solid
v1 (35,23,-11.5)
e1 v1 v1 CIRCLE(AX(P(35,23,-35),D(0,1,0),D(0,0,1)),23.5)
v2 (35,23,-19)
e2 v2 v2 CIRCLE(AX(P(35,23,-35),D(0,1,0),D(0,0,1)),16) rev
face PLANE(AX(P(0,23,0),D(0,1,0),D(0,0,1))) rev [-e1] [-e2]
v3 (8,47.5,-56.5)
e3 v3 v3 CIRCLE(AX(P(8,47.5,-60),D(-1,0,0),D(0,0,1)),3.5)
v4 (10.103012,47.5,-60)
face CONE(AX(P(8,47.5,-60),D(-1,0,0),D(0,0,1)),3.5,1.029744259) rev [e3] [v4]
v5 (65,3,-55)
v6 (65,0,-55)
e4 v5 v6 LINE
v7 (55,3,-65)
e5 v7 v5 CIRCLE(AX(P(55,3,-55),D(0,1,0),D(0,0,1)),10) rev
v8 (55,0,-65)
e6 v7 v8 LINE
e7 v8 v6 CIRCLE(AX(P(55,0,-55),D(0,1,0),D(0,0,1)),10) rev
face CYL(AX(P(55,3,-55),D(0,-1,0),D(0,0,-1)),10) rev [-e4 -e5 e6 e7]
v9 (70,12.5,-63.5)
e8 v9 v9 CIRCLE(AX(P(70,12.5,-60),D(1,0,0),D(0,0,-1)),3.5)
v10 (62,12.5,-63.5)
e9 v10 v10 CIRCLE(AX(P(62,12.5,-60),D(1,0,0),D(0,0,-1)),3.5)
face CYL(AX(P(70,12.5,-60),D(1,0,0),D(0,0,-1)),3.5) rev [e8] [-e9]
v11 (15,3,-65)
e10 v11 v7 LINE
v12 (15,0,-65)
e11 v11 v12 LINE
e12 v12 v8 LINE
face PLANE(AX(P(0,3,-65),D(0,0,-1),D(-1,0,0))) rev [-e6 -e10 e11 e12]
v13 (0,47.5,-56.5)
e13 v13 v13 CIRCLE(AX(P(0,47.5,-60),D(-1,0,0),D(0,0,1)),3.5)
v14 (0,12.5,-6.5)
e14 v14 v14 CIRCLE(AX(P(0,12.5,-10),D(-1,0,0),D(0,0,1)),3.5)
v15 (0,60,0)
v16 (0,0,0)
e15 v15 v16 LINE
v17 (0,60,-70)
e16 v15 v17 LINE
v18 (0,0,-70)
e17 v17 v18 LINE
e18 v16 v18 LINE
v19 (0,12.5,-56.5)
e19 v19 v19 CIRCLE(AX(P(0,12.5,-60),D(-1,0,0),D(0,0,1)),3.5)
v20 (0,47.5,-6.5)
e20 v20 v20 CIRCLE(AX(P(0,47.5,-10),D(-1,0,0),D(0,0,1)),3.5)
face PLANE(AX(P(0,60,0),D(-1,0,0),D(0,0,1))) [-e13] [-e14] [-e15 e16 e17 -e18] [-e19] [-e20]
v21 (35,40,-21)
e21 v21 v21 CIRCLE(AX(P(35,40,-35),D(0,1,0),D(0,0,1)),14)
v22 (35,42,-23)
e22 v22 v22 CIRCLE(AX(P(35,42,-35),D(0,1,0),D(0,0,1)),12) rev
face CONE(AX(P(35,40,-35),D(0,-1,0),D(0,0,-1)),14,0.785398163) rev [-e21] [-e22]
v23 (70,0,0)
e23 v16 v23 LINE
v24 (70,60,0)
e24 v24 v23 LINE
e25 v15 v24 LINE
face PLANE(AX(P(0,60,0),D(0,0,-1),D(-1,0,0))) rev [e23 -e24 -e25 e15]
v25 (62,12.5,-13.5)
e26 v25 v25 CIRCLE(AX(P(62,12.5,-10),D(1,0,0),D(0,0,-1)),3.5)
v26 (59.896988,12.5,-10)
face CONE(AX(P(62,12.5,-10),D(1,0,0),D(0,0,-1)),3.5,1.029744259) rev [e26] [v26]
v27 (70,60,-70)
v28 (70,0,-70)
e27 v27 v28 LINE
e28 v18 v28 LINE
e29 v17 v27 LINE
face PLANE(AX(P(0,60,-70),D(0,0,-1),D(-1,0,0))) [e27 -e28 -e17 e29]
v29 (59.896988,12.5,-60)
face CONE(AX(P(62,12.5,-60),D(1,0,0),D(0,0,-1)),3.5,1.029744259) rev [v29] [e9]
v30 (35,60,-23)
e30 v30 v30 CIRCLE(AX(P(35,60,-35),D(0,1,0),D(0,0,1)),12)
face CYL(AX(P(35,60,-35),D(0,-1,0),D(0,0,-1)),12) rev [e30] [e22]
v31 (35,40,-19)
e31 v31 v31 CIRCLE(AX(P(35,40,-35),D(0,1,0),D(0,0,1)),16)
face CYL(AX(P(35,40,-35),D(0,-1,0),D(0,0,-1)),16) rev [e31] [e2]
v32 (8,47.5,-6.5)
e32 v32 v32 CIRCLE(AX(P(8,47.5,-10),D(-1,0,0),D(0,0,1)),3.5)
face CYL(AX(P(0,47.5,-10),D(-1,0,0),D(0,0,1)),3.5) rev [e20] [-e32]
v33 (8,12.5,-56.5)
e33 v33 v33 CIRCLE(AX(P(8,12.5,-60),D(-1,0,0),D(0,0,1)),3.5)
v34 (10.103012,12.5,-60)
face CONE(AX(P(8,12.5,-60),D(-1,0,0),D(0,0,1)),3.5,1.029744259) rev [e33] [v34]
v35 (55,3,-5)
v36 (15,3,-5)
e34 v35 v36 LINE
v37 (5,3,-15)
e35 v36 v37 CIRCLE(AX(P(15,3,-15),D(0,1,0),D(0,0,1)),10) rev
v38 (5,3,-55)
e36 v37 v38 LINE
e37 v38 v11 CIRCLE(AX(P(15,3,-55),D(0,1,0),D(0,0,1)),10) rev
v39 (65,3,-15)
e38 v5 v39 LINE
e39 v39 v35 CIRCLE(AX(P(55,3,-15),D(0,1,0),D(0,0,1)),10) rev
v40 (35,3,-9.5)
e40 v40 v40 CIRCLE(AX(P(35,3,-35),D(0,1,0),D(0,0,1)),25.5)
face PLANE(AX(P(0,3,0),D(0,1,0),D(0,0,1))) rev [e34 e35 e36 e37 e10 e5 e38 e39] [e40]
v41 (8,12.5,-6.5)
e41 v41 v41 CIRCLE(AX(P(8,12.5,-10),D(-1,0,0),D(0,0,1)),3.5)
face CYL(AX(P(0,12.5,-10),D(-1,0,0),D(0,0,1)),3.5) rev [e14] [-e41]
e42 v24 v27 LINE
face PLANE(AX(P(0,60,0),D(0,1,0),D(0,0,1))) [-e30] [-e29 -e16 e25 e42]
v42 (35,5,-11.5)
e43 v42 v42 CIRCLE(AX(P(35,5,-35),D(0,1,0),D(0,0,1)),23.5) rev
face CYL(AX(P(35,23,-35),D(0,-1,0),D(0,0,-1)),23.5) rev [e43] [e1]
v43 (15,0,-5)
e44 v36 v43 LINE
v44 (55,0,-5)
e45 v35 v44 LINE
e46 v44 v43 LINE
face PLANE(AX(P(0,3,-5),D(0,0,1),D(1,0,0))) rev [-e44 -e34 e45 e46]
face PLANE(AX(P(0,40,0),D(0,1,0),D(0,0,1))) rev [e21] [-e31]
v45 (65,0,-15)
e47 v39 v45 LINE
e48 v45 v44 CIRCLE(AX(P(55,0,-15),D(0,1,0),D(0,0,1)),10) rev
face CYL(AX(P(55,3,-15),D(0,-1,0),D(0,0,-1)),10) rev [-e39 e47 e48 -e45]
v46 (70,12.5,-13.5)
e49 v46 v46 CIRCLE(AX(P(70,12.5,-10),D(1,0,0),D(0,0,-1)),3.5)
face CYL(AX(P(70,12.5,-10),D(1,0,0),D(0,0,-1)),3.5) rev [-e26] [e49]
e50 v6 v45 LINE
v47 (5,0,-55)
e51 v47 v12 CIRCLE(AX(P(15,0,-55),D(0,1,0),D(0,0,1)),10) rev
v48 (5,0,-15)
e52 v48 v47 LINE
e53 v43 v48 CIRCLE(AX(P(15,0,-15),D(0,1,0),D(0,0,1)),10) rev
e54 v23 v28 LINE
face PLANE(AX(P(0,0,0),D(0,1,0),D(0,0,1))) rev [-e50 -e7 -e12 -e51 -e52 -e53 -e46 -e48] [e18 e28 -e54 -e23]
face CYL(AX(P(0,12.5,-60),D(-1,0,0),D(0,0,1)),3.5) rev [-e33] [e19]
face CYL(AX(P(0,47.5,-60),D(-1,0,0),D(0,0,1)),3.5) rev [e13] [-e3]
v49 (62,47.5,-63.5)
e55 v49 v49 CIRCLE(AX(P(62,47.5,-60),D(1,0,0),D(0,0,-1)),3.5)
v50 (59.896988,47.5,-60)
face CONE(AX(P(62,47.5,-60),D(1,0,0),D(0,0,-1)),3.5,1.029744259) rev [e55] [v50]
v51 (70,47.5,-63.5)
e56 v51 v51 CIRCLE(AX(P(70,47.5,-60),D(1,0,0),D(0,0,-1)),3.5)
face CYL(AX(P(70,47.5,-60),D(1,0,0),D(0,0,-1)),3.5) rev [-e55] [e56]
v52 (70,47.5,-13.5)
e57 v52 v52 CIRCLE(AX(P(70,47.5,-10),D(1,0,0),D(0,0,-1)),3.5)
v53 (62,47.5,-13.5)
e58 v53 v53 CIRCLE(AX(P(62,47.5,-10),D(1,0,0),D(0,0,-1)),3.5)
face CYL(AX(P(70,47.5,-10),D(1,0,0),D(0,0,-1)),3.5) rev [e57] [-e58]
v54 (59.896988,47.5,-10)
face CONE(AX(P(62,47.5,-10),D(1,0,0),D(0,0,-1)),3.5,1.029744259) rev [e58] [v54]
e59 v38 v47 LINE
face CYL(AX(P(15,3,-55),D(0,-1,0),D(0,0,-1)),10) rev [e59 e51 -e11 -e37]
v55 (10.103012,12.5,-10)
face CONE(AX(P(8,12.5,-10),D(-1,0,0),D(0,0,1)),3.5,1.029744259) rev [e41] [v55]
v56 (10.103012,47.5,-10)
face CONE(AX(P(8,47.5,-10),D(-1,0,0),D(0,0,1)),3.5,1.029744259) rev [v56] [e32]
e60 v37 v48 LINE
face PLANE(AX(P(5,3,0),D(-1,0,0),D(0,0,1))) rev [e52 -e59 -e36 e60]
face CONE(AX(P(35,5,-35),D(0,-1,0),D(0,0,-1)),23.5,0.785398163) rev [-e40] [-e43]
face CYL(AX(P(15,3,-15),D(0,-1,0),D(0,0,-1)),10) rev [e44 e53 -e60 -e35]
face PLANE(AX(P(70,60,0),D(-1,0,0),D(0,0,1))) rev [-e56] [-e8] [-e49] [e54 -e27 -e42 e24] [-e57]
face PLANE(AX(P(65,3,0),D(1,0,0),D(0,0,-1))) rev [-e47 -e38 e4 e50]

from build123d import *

# Parameters (mm, degrees)
SZKIC1_W                            = 70
SZKIC1_H                            = 70
SZKIC1_R                            = 12
DODANIE_WYCI_GNI_CIE1_DEPTH         = 60
SZKIC1_3_R                          = 23.5
WYTNIJ_WYCI_GNI_CIE1_DEPTH          = 3
SZKIC1_4_R                          = 23.5
WYTNIJ_WYCI_GNI_CIE2_DEPTH          = 23
SZKIC1_6_R                          = 16
SZKIC1_6_R_2                        = 12
WYTNIJ_WYCI_GNI_CIE5_DEPTH          = 40
SFAZOWANIE1_SIZE                    = 2
SFAZOWANIE2_SIZE                    = 2
OTW_R_GWINTOWANY_M8X1_01_AT_2_COUNT = 2
OTW_R_GWINTOWANY_M8X1_01_AT_2_PITCH = 50
OTW_R_GWINTOWANY_M8X1_01_AT_3_COUNT = 2
OTW_R_GWINTOWANY_M8X1_01_AT_3_PITCH = 35
OTW_R_GWINTOWANY_M8X1_01_AT_4_COUNT = 2
OTW_R_GWINTOWANY_M8X1_01_AT_4_PITCH = 61.032778079


with BuildPart() as part:
    # Szkic1 → Dodanie-wyciągnięcie1 (new body)
    with BuildSketch(Plane(origin=(0, 0, 0), x_dir=(1, 0, 0), z_dir=(0, 1, 0))):
        with Locations((35, 35)):
            Rectangle(SZKIC1_W, SZKIC1_H)
        with Locations((35, 35)):
            Circle(SZKIC1_R, mode=Mode.SUBTRACT)
    extrude(amount=DODANIE_WYCI_GNI_CIE1_DEPTH)

    # Szkic1<3> → Wytnij-wyciągnięcie1 (cut)
    with BuildSketch(Plane(origin=(0, 0, 0), x_dir=(1, 0, 0), z_dir=(0, 1, 0))):
        with BuildLine():
            Line((5, 55), (5, 35))
            Line((5, 35), (5, 15))
            ThreePointArc((5, 15), (7.928932188, 7.928932188), (15, 5))
            Line((15, 5), (55, 5))
            ThreePointArc((55, 5), (62.071067812, 7.928932188), (65, 15))
            Line((65, 15), (65, 55))
            ThreePointArc((65, 55), (62.071067812, 62.071067812), (55, 65))
            Line((55, 65), (15, 65))
            ThreePointArc((15, 65), (7.928932188, 62.071067812), (5, 55))
        make_face()
        with Locations((35, 35)):
            Circle(SZKIC1_3_R, mode=Mode.SUBTRACT)
    extrude(amount=WYTNIJ_WYCI_GNI_CIE1_DEPTH, mode=Mode.SUBTRACT)

    # Szkic1<4> → Wytnij-wyciągnięcie2 (cut)
    with BuildSketch(Plane(origin=(0, 0, 0), x_dir=(1, 0, 0), z_dir=(0, 1, 0))):
        with Locations((35, 35)):
            Circle(SZKIC1_4_R)
    extrude(amount=WYTNIJ_WYCI_GNI_CIE2_DEPTH, mode=Mode.SUBTRACT)

    # Szkic1<6> → Wytnij-wyciągnięcie5 (cut)
    with BuildSketch(Plane(origin=(0, 0, 0), x_dir=(1, 0, 0), z_dir=(0, 1, 0))):
        with Locations((35, 35)):
            Circle(SZKIC1_6_R)
        with Locations((35, 35)):
            Circle(SZKIC1_6_R_2, mode=Mode.SUBTRACT)
    extrude(amount=WYTNIJ_WYCI_GNI_CIE5_DEPTH, mode=Mode.SUBTRACT)

    # Sfazowanie1
    sfazowanie1_edges = [part.edges().sort_by_distance(p)[0] for p in [
        (23, 40, -35),
    ]]
    chamfer(sfazowanie1_edges, length=SFAZOWANIE1_SIZE)

    # Sfazowanie2
    sfazowanie2_edges = [part.edges().sort_by_distance(p)[0] for p in [
        (11.5, 3, -35),
    ]]
    chamfer(sfazowanie2_edges, length=SFAZOWANIE2_SIZE)

    # Szkic4 → Otwór gwintowany M8x1.01 (revolve, cut)
    with BuildSketch(Plane(origin=(70, 47.5, -10), x_dir=(0, 0, -1), z_dir=(0, 1, 0))):
        Polygon((0, 0), (0, 10.103012167), (3.5, 8), (3.5, 0), align=None)
    otw_r_gwintowany_m8x1_01 = revolve(axis=Axis((76.35, 47.5, -10), (-1, 0, 0)), mode=Mode.SUBTRACT)

    # Otwór gwintowany M8x1.01 at 2: Otwór gwintowany M8x1.01 ×2
    with Locations(*[(0, 0, -i * OTW_R_GWINTOWANY_M8X1_01_AT_2_PITCH) for i in range(1, OTW_R_GWINTOWANY_M8X1_01_AT_2_COUNT)]):
        add(otw_r_gwintowany_m8x1_01, mode=Mode.SUBTRACT)

    # Otwór gwintowany M8x1.01 at 3: Otwór gwintowany M8x1.01 ×2
    with Locations(*[(0, -i * OTW_R_GWINTOWANY_M8X1_01_AT_3_PITCH, 0) for i in range(1, OTW_R_GWINTOWANY_M8X1_01_AT_3_COUNT)]):
        add(otw_r_gwintowany_m8x1_01, mode=Mode.SUBTRACT)

    # Otwór gwintowany M8x1.01 at 4: Otwór gwintowany M8x1.01 ×2
    with Locations(*[Vector(0, -0.5734623443633283, -0.8192319205190405) * (i * OTW_R_GWINTOWANY_M8X1_01_AT_4_PITCH) for i in range(1, OTW_R_GWINTOWANY_M8X1_01_AT_4_COUNT)]):
        add(otw_r_gwintowany_m8x1_01, mode=Mode.SUBTRACT)

    # Lustro1: Otwór gwintowany M8x1.01 across plane
    add(otw_r_gwintowany_m8x1_01.mirror(Plane(origin=(35, 0, 0), x_dir=(0, 0, 1), z_dir=(1, 0, 0))), mode=Mode.SUBTRACT)

    # Lustro1 copy 1 sketch → Lustro1 copy 1 (revolve, cut)
    with BuildSketch(Plane(origin=(0, 47.5, -60), x_dir=(0, 0, -1), z_dir=(0, 1, 0))):
        Polygon((0, 0), (0, -10.103012167), (3.5, -8), (3.5, 0), align=None)
    revolve(axis=Axis((-6.35, 47.5, -60), (-1, 0, 0)), mode=Mode.SUBTRACT)

    # Lustro1 copy 2 sketch → Lustro1 copy 2 (revolve, cut)
    with BuildSketch(Plane(origin=(0, 12.5, -10), x_dir=(0, 0, -1), z_dir=(0, 1, 0))):
        Polygon((0, 0), (0, -10.103012167), (3.5, -8), (3.5, 0), align=None)
    revolve(axis=Axis((-6.35, 12.5, -10), (-1, 0, 0)), mode=Mode.SUBTRACT)

    # Lustro1 copy 3 sketch → Lustro1 copy 3 (revolve, cut)
    with BuildSketch(Plane(origin=(0, 12.5, -60), x_dir=(0, 0, -1), z_dir=(0, 1, 0))):
        Polygon((0, 0), (0, -10.103012167), (3.5, -8), (3.5, 0), align=None)
    revolve(axis=Axis((-6.35, 12.5, -60), (-1, 0, 0)), mode=Mode.SUBTRACT)


solid = part.part
